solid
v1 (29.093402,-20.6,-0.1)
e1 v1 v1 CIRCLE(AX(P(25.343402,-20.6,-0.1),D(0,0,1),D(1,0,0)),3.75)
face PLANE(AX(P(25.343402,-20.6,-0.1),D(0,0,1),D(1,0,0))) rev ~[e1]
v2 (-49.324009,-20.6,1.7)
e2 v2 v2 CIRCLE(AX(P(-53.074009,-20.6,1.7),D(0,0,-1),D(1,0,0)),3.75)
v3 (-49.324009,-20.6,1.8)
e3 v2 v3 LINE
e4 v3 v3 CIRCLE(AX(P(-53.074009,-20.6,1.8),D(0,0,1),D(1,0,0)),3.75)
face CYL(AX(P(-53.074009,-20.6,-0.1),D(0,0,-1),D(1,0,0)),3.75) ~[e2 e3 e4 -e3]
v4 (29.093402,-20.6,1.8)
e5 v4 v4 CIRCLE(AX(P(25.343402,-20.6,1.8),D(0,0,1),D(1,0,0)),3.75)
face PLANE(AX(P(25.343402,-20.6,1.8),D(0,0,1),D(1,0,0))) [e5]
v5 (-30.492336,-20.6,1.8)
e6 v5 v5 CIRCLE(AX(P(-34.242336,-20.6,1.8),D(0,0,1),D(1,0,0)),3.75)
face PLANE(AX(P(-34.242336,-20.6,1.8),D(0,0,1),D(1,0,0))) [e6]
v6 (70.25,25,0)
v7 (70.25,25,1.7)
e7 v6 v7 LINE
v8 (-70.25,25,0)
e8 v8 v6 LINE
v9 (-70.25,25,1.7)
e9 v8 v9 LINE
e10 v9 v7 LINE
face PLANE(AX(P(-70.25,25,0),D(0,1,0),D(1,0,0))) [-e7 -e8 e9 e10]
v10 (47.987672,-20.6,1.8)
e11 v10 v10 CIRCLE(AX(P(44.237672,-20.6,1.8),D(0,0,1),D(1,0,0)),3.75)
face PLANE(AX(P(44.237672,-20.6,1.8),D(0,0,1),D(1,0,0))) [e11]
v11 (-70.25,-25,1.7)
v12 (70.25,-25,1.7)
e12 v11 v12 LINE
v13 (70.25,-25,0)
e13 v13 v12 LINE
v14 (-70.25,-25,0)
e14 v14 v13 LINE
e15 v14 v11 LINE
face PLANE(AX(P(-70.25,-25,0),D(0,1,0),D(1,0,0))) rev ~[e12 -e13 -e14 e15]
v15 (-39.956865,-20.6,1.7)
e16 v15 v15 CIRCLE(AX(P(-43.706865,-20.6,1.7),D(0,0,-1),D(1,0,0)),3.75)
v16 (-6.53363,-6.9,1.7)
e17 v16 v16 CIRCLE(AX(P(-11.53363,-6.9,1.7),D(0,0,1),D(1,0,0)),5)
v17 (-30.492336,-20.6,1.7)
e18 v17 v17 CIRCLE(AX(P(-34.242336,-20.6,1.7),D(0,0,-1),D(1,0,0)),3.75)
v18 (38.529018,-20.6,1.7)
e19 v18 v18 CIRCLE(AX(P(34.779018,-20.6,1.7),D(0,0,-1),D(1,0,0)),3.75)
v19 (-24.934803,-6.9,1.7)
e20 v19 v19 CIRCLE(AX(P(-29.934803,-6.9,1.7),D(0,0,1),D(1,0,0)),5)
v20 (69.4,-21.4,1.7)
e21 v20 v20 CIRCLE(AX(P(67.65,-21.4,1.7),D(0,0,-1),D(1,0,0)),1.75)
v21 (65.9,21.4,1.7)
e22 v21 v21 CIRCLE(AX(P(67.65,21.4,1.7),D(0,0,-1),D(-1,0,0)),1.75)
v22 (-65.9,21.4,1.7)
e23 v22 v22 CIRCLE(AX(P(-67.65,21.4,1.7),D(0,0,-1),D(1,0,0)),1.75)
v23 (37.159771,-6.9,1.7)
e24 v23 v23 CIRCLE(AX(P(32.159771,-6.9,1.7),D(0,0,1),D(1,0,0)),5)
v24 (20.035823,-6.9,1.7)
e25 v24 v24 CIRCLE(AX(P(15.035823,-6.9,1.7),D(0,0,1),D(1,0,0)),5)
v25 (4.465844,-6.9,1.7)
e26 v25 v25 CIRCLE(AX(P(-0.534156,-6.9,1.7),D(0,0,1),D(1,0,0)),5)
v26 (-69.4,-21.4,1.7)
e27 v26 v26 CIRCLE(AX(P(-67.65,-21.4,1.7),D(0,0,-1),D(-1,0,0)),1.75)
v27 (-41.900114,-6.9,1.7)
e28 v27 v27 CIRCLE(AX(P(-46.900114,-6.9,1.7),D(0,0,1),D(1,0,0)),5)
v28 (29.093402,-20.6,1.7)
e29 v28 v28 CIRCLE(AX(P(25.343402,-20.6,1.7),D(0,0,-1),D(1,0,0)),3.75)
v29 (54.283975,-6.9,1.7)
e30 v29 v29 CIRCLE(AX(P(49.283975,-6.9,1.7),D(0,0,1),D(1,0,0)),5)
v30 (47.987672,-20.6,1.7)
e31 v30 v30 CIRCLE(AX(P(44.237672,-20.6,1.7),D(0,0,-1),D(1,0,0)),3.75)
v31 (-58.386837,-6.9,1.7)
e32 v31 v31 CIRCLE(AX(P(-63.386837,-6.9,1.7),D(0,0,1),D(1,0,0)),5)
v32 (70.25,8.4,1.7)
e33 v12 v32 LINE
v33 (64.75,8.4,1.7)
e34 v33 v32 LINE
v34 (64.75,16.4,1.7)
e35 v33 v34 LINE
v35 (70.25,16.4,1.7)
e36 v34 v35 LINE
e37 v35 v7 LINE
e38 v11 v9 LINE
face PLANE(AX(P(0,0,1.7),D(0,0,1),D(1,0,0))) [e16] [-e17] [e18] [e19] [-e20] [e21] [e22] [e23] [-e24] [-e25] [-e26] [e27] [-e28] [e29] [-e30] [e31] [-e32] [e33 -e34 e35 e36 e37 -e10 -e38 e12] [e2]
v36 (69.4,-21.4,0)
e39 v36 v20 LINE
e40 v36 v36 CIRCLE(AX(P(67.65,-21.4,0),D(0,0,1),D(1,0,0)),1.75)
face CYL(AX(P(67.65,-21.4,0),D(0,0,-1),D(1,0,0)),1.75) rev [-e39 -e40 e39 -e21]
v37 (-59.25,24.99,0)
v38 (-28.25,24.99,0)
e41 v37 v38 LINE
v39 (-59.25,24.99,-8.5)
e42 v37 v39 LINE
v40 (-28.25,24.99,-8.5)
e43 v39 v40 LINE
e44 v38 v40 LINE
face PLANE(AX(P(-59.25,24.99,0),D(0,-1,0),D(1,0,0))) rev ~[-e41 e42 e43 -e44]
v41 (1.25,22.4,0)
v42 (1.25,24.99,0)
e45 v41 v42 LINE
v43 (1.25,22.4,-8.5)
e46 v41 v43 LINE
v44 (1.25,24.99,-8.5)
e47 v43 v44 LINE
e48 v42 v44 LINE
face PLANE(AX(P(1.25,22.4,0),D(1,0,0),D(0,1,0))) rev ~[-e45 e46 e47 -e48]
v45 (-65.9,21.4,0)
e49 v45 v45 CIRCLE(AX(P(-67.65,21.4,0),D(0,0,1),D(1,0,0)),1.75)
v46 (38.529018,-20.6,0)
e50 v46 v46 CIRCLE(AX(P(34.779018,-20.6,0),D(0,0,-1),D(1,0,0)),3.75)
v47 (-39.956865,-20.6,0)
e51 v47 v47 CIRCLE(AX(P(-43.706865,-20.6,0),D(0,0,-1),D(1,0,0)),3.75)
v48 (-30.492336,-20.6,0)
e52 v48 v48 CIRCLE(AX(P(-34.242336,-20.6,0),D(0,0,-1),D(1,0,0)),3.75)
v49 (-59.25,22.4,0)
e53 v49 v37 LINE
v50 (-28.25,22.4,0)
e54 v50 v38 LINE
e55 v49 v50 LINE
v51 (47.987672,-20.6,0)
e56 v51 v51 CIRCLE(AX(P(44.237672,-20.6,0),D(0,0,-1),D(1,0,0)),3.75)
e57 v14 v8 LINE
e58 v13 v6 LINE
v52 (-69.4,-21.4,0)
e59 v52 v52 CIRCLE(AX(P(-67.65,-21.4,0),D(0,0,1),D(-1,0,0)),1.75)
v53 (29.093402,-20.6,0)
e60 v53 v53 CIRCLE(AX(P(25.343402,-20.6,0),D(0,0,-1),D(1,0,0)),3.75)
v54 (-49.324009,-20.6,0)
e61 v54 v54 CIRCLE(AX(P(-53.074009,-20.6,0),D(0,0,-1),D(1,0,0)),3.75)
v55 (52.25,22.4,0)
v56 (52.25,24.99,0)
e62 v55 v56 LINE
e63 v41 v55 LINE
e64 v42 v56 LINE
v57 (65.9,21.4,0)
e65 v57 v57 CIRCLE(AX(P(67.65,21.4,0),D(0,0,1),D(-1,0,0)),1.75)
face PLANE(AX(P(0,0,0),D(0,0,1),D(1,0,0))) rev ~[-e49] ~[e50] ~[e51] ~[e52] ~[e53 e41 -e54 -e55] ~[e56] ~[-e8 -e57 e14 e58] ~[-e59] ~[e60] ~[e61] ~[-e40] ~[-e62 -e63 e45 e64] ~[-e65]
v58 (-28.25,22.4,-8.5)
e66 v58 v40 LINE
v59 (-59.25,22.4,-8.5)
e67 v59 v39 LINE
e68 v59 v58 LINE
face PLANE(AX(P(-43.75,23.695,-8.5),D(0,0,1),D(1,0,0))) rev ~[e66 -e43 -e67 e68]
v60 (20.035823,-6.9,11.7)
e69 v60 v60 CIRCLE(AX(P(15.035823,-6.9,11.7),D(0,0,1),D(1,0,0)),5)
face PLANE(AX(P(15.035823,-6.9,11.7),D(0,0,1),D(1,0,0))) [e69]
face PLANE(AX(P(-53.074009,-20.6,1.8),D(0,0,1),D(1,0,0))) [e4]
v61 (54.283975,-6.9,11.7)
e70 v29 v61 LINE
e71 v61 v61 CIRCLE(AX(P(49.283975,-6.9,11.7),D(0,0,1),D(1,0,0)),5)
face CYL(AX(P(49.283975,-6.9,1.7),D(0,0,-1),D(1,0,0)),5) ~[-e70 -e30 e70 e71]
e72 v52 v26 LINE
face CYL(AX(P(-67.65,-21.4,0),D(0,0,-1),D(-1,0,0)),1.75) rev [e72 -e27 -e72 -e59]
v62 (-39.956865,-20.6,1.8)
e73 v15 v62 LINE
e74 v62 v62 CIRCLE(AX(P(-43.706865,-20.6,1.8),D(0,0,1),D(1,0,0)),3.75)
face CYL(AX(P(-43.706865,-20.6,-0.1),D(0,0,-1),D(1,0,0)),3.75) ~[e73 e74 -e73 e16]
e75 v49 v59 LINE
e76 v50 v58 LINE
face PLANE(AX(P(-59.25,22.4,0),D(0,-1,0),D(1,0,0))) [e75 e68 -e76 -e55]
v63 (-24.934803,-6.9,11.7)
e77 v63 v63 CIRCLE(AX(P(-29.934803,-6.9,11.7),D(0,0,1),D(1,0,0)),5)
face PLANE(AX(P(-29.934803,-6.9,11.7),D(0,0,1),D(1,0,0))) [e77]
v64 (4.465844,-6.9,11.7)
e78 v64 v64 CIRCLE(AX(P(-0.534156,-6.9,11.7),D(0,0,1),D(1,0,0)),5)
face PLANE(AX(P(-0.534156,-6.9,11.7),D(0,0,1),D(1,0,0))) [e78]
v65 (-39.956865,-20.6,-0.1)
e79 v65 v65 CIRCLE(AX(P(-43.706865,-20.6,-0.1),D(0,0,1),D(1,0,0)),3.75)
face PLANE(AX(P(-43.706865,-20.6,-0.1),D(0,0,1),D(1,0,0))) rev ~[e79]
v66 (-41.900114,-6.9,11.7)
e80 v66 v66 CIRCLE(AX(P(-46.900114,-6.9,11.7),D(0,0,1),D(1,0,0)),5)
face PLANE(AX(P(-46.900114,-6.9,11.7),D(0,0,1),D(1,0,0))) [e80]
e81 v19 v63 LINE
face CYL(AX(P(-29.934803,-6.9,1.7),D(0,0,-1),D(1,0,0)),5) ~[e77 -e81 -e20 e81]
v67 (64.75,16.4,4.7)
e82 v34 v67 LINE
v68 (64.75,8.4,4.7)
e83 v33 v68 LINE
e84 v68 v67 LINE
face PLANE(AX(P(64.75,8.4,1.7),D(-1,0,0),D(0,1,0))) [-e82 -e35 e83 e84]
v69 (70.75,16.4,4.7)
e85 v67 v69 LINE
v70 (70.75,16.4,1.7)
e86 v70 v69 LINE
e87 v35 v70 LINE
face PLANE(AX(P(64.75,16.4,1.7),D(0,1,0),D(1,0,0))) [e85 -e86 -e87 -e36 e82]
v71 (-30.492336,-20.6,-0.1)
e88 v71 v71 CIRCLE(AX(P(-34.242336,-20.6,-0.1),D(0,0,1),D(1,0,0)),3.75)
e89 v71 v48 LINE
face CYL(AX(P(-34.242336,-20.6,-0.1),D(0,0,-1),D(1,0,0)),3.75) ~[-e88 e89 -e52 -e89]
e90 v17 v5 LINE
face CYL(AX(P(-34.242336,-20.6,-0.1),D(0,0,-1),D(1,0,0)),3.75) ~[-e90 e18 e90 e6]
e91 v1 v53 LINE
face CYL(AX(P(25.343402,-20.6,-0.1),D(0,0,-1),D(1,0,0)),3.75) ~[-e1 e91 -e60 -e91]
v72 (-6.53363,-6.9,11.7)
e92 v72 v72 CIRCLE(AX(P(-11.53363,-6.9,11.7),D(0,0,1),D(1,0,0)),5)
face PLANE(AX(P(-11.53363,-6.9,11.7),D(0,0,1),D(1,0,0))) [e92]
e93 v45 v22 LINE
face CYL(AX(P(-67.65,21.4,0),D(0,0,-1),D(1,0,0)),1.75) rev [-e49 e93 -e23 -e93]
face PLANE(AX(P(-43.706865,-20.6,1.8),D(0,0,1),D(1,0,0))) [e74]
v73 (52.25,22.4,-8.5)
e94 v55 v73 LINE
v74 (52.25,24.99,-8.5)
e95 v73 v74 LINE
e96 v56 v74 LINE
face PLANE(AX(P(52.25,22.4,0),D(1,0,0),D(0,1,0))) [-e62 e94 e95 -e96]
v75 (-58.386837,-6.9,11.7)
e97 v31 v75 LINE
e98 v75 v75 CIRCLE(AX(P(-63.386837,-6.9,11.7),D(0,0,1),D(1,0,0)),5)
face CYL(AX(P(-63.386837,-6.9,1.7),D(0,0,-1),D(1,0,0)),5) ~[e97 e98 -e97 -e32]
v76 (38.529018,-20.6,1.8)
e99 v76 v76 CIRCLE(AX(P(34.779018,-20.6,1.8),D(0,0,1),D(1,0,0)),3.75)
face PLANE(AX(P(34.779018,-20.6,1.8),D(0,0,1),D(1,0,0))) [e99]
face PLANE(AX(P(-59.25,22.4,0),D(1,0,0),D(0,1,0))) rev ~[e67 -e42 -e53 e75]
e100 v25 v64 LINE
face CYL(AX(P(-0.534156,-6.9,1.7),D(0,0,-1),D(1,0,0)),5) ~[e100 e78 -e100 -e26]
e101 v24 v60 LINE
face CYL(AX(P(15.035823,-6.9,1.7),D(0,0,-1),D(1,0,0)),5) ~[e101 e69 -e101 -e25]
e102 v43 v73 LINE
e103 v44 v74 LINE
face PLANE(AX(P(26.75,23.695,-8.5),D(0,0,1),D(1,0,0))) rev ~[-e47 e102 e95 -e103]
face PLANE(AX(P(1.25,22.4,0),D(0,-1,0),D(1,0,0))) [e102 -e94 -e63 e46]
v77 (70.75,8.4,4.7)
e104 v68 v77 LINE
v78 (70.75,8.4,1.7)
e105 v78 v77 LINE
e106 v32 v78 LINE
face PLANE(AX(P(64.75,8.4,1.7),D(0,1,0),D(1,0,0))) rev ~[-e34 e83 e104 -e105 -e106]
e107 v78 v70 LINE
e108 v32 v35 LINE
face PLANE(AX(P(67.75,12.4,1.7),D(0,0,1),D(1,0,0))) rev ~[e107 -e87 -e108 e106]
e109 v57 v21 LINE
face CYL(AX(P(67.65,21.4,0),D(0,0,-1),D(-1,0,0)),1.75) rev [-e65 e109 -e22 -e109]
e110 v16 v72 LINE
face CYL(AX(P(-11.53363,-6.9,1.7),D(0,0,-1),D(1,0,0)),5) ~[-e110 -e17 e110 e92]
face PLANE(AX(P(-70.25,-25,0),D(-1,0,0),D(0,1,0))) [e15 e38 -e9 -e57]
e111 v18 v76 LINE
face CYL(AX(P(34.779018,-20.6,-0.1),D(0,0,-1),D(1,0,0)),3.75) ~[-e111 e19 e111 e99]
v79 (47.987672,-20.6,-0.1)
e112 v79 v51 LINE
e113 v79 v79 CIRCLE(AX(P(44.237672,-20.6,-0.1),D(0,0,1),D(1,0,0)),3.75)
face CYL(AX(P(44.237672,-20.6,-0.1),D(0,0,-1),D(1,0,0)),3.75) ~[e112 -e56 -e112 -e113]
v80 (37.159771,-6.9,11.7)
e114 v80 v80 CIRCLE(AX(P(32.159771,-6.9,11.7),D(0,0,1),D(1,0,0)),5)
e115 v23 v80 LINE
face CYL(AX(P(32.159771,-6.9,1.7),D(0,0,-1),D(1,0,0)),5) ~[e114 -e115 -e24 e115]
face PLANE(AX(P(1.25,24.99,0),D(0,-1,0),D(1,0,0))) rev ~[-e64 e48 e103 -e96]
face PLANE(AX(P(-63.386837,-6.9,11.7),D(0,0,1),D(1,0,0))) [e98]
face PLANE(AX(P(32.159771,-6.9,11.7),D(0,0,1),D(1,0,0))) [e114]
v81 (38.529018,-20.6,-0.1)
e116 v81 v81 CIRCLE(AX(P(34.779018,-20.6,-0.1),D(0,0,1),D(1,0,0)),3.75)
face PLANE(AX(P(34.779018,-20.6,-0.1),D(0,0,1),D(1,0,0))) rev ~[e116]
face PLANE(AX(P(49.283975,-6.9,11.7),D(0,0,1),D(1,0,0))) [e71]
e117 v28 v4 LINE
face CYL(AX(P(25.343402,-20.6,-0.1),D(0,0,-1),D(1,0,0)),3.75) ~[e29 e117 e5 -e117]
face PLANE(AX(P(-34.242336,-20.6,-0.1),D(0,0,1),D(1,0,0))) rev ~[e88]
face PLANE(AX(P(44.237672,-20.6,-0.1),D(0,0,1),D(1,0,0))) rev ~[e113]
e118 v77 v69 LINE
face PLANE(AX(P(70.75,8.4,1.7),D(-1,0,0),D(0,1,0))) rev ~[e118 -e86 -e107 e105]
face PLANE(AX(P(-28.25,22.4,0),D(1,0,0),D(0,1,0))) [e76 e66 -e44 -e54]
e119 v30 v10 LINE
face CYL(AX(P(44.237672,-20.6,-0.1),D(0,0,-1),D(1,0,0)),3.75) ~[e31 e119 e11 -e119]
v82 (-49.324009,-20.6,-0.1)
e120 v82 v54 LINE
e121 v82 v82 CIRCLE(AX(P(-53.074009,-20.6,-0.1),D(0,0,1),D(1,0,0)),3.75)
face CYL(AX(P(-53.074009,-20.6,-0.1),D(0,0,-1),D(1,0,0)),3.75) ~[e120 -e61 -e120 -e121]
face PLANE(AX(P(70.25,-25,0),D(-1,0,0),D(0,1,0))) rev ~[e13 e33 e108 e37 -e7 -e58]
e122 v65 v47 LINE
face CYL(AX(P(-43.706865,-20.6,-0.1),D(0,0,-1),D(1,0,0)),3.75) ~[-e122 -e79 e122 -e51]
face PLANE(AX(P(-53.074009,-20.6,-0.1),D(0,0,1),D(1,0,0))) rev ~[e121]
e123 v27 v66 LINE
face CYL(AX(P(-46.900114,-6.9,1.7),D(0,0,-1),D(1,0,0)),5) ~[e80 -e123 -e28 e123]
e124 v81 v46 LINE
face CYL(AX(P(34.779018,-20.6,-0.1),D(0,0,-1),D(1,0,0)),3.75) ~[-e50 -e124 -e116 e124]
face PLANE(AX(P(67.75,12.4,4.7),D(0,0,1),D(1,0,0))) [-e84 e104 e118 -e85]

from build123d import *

# Parameters (mm, degrees)
SKETCH1_W                = 140.5
SKETCH1_H                = 50
BOSS_EXTRUDE1_DEPTH      = 1.7
BOSS_EXTRUDE2_START      = 1.7
SKETCH1_3_R              = 5
BOSS_EXTRUDE2_DEPTH      = 10
BOSS_EXTRUDE3_START      = 1.7
SKETCH1_4_W              = 6
SKETCH1_4_H              = 8
BOSS_EXTRUDE3_DEPTH      = 3
SKETCH1_5_R              = 1.75
CUT_EXTRUDE1_DEPTH       = 76.943745628
SKETCH1_6_W              = 31
SKETCH1_6_H              = 2.59
SKETCH1_6_W_2            = 51
BOSS_EXTRUDE4_DEPTH      = 8.5
BOSS_EXTRUDE5_DEPTH      = 1.8
BOSS_EXTRUDE5_DEPTH_BACK = 0.1
SKETCH1_7_R              = 3.75


with BuildPart() as part:
    # Sketch1 → Boss-Extrude1 (new body)
    with BuildSketch(Plane.XY):
        Rectangle(SKETCH1_W, SKETCH1_H)
    extrude(amount=BOSS_EXTRUDE1_DEPTH)

    # Sketch1<3> → Boss-Extrude2 (add)
    with BuildSketch(Plane.XY.offset(BOSS_EXTRUDE2_START)):
        with Locations((-46.900113977, -6.9)):
            Circle(SKETCH1_3_R)
        with Locations((-63.386837135, -6.9)):
            Circle(SKETCH1_3_R)
        with Locations((-29.934803427, -6.9)):
            Circle(SKETCH1_3_R)
        with Locations((-11.533630076, -6.9)):
            Circle(SKETCH1_3_R)
        with Locations((-0.534156135, -6.9)):
            Circle(SKETCH1_3_R)
        with Locations((15.035822711, -6.9)):
            Circle(SKETCH1_3_R)
        with Locations((32.159770987, -6.9)):
            Circle(SKETCH1_3_R)
        with Locations((49.283975389, -6.9)):
            Circle(SKETCH1_3_R)
    extrude(amount=BOSS_EXTRUDE2_DEPTH)

    # Sketch1<4> → Boss-Extrude3 (add)
    with BuildSketch(Plane.XY.offset(BOSS_EXTRUDE3_START)):
        with Locations((67.75, 12.4)):
            Rectangle(SKETCH1_4_W, SKETCH1_4_H)
    extrude(amount=BOSS_EXTRUDE3_DEPTH)

    # Sketch1<5> → Cut-Extrude1 (cut, through all)
    with BuildSketch(Plane.XY):
        with Locations((-67.65, 21.4)):
            Circle(SKETCH1_5_R)
        with Locations(Location((67.65, 21.4, 0), (0, 0, 180))):
            Circle(SKETCH1_5_R)
        with Locations(Location((-67.65, -21.4, 0), (0, 0, 180))):
            Circle(SKETCH1_5_R)
        with Locations((67.65, -21.4)):
            Circle(SKETCH1_5_R)
    extrude(amount=CUT_EXTRUDE1_DEPTH, mode=Mode.SUBTRACT)

    # Sketch1<6> → Boss-Extrude4 (add)
    with BuildSketch(Plane.XY):
        with Locations((-43.75, 23.695)):
            Rectangle(SKETCH1_6_W, SKETCH1_6_H)
        with Locations((26.75, 23.695)):
            Rectangle(SKETCH1_6_W_2, SKETCH1_6_H)
    extrude(amount=-BOSS_EXTRUDE4_DEPTH)

    # Sketch1<7> → Boss-Extrude5 (add, two sides: drawn at the far end of the back side and taken through both)
    with BuildSketch(Plane.XY.offset(-BOSS_EXTRUDE5_DEPTH_BACK)):
        with Locations((-53.074008795, -20.6)):
            Circle(SKETCH1_7_R)
        with Locations((-43.706865007, -20.6)):
            Circle(SKETCH1_7_R)
        with Locations((-34.242336243, -20.6)):
            Circle(SKETCH1_7_R)
        with Locations((25.343402234, -20.6)):
            Circle(SKETCH1_7_R)
        with Locations((34.779018473, -20.6)):
            Circle(SKETCH1_7_R)
        with Locations((44.237672005, -20.6)):
            Circle(SKETCH1_7_R)
    extrude(amount=BOSS_EXTRUDE5_DEPTH + BOSS_EXTRUDE5_DEPTH_BACK)


solid = part.part
